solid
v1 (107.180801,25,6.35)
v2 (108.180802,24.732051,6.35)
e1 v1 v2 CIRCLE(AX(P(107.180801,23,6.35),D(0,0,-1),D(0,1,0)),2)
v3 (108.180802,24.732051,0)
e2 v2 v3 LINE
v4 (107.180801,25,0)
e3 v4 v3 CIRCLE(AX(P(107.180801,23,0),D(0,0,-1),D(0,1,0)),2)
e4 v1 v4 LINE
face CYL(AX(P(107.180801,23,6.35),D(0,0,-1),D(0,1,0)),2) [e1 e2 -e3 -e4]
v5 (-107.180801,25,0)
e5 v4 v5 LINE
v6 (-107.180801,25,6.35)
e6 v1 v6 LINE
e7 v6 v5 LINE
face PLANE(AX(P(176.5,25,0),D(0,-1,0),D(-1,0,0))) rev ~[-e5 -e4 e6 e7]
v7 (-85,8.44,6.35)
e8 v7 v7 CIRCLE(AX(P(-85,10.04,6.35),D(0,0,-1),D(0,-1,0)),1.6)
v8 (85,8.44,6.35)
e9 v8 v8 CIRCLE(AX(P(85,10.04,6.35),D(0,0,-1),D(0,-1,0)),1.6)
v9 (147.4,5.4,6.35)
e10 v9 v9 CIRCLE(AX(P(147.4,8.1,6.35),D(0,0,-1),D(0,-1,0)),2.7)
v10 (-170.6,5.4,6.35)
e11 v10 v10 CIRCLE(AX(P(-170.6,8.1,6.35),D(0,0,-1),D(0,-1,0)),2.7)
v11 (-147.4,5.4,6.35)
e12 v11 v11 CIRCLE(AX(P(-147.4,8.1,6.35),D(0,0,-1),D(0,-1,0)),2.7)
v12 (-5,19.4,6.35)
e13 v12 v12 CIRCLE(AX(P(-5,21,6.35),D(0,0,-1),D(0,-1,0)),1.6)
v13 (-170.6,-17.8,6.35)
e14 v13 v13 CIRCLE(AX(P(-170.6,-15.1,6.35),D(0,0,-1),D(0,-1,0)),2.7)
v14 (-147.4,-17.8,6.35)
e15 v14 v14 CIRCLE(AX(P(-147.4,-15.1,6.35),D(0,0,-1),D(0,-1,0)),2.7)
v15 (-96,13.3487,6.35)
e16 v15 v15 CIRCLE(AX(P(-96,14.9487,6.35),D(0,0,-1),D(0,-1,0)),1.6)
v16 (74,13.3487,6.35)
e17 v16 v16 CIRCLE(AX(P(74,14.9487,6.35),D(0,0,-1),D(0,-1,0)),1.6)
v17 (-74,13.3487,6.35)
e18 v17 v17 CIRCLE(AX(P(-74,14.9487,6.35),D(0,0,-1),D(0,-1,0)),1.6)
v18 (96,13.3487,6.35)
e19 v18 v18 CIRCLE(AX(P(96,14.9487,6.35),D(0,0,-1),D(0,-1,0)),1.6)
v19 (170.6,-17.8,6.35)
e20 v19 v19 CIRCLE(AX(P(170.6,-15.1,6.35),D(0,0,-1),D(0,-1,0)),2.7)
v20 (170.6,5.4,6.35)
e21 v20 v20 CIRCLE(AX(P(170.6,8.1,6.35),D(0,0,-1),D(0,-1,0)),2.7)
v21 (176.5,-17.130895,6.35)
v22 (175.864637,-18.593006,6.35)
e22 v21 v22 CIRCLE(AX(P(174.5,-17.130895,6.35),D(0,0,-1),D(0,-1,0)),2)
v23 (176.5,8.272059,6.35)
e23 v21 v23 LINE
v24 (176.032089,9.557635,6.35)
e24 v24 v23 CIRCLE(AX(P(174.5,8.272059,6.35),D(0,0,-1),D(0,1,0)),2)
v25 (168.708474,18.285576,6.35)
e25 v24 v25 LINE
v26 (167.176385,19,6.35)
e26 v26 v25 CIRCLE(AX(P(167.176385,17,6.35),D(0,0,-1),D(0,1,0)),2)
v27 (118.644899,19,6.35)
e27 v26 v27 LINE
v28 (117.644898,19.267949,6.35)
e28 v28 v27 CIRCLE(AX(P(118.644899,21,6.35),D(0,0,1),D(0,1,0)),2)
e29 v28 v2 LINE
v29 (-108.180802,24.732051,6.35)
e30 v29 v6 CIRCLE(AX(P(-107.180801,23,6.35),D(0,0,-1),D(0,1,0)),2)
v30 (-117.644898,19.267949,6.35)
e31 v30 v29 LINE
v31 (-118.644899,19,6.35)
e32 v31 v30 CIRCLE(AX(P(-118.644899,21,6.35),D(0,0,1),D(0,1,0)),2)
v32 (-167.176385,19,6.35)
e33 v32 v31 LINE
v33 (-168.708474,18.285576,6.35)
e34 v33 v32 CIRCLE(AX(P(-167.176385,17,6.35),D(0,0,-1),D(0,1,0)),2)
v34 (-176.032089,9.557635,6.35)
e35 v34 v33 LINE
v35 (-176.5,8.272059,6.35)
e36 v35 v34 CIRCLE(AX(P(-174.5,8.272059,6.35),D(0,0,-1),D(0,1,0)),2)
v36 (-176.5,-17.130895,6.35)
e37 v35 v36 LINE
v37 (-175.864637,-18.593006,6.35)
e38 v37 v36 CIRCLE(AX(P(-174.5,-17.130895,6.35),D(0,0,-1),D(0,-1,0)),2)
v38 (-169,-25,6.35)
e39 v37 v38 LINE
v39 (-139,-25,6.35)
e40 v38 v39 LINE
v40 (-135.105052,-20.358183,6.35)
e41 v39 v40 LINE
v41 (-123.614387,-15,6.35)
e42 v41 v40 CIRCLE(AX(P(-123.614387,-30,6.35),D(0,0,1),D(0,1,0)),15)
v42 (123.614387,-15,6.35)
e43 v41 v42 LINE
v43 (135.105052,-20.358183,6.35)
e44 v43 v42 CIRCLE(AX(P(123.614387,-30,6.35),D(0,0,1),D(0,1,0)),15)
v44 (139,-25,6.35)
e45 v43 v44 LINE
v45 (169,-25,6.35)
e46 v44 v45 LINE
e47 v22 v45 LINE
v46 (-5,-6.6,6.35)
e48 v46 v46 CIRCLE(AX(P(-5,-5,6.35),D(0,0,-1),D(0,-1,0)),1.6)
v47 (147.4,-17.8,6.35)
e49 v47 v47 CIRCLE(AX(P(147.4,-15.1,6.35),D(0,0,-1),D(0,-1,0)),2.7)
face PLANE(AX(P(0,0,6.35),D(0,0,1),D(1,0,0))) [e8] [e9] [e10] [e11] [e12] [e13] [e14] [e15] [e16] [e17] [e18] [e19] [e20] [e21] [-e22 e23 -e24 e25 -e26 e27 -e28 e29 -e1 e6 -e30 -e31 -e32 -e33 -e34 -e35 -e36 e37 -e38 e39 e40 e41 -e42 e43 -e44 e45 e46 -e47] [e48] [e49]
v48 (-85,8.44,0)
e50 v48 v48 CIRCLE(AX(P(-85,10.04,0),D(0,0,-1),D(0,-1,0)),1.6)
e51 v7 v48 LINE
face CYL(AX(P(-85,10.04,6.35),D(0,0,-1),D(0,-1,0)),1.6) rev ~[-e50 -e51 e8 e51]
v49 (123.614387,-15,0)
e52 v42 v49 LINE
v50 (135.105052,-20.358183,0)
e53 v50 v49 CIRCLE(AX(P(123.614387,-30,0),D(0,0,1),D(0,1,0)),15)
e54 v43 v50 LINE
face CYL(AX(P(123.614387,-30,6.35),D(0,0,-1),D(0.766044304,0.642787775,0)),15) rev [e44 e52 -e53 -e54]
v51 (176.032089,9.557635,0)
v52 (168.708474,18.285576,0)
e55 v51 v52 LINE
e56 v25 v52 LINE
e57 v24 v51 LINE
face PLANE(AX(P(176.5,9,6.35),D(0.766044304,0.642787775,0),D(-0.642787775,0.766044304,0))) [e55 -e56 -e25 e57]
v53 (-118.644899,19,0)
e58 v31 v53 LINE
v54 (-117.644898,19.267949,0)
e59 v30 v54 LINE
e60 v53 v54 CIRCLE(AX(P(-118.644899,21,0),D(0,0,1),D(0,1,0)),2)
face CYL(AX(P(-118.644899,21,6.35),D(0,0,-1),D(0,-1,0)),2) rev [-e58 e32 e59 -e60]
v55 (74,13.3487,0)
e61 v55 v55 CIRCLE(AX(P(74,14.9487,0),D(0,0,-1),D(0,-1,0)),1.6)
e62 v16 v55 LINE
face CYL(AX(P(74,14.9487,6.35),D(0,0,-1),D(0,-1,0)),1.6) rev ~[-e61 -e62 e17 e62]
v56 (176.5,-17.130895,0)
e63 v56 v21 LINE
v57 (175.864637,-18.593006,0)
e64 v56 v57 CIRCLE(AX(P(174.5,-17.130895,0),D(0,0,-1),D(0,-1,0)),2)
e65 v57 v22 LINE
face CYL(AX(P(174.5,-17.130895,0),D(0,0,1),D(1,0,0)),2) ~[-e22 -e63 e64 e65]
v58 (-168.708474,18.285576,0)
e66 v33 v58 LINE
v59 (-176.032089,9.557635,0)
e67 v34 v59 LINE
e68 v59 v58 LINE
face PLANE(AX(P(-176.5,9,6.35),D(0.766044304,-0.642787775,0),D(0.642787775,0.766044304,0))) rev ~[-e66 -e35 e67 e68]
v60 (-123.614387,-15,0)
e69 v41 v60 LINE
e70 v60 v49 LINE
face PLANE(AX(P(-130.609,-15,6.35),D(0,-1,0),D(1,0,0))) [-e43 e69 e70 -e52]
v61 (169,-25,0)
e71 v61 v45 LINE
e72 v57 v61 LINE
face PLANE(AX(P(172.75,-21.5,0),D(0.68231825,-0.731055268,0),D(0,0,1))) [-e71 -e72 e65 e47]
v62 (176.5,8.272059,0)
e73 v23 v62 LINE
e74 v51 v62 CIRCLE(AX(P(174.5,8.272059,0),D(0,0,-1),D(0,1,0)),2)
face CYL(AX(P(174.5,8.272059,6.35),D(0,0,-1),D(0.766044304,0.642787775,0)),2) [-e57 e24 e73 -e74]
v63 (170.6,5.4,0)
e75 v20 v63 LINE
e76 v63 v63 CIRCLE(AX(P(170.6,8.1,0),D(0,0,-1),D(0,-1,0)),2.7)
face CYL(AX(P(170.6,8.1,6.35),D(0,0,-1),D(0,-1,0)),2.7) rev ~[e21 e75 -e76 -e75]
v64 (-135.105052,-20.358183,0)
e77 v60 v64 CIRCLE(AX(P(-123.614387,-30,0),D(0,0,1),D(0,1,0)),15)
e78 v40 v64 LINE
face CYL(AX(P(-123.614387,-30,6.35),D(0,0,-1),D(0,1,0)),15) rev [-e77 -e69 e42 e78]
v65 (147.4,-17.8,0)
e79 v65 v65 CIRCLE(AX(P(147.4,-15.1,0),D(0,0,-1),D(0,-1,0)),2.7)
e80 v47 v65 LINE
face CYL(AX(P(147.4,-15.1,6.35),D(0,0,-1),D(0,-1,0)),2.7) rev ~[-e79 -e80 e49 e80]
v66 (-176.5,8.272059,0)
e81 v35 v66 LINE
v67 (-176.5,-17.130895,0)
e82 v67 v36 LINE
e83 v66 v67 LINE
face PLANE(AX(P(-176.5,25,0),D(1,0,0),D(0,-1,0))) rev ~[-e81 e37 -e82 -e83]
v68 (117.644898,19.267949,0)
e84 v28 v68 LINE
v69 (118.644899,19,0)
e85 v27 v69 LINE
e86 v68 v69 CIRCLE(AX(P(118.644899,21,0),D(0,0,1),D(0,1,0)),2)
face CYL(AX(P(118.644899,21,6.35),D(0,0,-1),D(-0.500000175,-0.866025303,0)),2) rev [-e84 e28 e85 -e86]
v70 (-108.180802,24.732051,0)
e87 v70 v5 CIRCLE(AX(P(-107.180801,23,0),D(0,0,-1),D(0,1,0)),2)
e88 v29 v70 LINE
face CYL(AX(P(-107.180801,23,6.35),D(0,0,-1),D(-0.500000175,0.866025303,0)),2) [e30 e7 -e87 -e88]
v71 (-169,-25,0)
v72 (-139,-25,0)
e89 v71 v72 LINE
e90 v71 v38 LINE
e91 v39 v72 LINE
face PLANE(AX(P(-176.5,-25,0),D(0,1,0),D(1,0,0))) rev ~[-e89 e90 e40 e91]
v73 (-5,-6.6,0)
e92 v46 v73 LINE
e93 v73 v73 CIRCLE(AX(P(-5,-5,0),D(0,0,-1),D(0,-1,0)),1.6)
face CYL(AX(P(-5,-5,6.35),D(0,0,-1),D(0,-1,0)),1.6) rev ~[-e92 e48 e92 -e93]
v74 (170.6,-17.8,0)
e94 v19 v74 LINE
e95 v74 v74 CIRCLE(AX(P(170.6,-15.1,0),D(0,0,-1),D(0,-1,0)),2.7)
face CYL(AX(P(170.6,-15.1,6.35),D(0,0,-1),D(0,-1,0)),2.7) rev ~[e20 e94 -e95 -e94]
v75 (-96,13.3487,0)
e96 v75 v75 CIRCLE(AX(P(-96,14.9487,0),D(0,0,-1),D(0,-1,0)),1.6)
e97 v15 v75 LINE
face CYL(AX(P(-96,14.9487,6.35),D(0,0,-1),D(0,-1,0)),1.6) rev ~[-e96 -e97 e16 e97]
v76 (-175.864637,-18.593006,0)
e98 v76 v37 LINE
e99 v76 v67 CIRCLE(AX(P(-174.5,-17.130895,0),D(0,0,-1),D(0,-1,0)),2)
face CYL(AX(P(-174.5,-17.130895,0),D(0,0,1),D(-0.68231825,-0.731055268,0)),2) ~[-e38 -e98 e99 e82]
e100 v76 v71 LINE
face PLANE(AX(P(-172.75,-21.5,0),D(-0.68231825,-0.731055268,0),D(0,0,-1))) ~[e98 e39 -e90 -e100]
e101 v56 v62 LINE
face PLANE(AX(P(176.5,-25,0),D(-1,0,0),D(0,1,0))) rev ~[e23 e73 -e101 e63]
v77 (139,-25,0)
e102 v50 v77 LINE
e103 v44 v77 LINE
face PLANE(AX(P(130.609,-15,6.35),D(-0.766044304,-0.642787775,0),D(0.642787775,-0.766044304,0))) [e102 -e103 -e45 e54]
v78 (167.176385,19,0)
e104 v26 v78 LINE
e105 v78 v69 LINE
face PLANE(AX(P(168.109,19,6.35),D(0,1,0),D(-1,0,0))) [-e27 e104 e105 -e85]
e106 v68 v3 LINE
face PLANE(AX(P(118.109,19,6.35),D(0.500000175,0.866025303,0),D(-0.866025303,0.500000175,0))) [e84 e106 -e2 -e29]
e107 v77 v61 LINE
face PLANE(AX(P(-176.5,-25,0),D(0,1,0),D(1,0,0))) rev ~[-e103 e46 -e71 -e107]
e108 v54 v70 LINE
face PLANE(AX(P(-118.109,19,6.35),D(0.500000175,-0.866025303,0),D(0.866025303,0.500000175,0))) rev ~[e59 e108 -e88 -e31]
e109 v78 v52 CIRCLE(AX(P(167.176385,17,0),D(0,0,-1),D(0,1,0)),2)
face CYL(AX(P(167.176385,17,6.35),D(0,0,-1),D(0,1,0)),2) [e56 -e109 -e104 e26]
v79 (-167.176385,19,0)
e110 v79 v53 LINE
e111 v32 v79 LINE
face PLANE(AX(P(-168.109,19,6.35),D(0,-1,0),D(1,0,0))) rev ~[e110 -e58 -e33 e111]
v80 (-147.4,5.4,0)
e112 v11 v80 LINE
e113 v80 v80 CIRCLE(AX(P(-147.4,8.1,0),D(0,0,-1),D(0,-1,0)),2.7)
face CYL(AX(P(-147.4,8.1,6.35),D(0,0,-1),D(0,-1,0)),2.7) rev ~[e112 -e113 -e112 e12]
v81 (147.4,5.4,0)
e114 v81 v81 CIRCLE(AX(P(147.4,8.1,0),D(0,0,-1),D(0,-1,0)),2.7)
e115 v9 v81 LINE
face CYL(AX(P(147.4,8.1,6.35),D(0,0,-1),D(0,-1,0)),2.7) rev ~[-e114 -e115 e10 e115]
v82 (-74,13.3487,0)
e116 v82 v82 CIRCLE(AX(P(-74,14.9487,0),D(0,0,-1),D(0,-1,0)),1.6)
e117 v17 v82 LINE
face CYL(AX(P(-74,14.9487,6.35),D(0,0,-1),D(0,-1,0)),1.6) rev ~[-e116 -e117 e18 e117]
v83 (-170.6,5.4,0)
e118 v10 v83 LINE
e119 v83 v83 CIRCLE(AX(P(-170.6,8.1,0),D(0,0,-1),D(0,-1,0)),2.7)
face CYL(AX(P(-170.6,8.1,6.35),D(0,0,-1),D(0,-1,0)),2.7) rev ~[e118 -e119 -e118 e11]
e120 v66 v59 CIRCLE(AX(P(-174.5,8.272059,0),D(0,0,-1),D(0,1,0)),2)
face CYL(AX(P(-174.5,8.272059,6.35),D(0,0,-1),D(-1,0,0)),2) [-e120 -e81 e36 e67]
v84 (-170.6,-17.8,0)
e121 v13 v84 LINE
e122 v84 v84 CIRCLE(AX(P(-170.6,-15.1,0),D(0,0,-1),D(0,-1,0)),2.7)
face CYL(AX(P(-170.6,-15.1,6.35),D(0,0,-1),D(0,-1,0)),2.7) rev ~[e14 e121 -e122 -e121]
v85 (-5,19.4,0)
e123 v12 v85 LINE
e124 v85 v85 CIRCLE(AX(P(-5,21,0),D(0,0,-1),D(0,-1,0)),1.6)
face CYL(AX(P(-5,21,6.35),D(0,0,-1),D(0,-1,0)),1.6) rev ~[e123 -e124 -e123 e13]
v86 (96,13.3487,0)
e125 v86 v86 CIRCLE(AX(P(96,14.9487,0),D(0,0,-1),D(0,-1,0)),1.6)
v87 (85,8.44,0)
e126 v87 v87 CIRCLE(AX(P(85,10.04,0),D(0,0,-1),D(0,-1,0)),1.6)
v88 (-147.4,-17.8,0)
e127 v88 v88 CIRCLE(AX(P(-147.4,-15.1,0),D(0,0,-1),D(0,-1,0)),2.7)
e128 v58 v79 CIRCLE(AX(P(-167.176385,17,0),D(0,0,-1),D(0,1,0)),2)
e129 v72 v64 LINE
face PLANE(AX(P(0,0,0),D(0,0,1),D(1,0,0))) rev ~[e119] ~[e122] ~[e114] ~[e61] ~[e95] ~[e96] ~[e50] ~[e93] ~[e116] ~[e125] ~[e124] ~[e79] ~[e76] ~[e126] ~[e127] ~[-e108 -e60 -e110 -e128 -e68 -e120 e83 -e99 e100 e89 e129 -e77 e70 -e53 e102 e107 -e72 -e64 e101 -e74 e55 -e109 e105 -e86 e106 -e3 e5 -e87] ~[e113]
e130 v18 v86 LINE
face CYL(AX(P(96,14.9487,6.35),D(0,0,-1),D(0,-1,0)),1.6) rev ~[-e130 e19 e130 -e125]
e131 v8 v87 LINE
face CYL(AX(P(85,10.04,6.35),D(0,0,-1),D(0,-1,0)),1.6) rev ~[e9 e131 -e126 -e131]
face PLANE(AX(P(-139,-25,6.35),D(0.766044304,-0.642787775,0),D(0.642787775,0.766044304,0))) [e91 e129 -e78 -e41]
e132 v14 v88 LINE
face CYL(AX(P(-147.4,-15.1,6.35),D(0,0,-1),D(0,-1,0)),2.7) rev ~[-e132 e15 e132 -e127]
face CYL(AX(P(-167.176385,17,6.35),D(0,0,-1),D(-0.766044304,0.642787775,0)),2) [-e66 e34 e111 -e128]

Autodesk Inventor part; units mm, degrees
ref_plane "YZ Plane" through (0, 0, 0) normal (1, 0, 0) x (0, 1, 0)
ref_plane "XZ Plane" through (0, 0, 0) normal (0, 1, 0) x (-1, 0, 0)
ref_plane "XY Plane" through (0, 0, 0) normal (0, 0, 1) x (1, 0, 0)
sketch "Sketch1" plane through (0, 0, 0) normal (0, 0, 1) x (1, 0, 0)
  line L0 (-176.5, -25) -> (176.5, -25)
  line L1 (176.5, -25) -> (176.5, 25)
  line L2 (176.5, 25) -> (-176.5, 25)
  line L3 (-176.5, 25) -> (-176.5, -25)
  line L4 (-176.5, -25) -> (176.5, 25) construction
  line L5 (176.5, -25) -> (-176.5, 25) construction
  point P0 (0, 0)
  dimension "d0" = 50
  dimension "d1" = 353
extrude "Extrusion1" add sketch "Sketch1" along normal blind 6.35
sketch "Sketch2" plane through (0, 0, 6.35) normal (0, 0, 1) x (1, 0, 0)
  line L0 (-176.5, -25) -> (176.5, -25) projected
  line L1 (-176.5, 25) -> (-176.5, -25) projected
  line L2 (0, 0) -> (0, -33.6266)
  point P0 (-147.4, -15.1)
  point P1 (147.4, -15.1)
  point P2 (-170.6, -15.1)
  point P3 (-147.4, 8.1)
  point P4 (-170.6, 8.1)
  point P5 (170.6, -15.1)
  point P6 (147.4, 8.1)
  point P7 (170.6, 8.1)
  dimension "d4" = 294.8
  dimension "d5" = 147.4
  dimension "d6" = 9.9
  dimension "d9" = 23.2
  dimension "d12" = 23.2
hole "Hole1" at (-147.4, -15.1, 6.35) at (147.4, -15.1, 6.35) at (-170.6, -15.1, 6.35) at (-147.4, 8.1, 6.35) at (-170.6, 8.1, 6.35) at (170.6, -15.1, 6.35) at (170.6, 8.1, 6.35) at (147.4, 8.1, 6.35) direction (0, 0, -1) diameter 5.4 end through all
chamfer "Chamfer1" distance 7 distance2 7.5 1 edges at (-176.5, -25, 3.175) measured on face at (-176.5, 8.3333, 2.1167)
chamfer "Chamfer2" distance 7 distance2 7.5 1 edges at (176.5, -25, 3.175) measured on face at (176.5, -8.3333, 4.2333)
sketch "Sketch3" plane through (0, 0, 6.35) normal (0, 0, 1) x (1, 0, 0)
  point P0 (0, 0)
sketch "Sketch4" plane through (0, 0, 6.35) normal (0, 0, 1) x (1, 0, 0)
  circle A0 centre (96, 14.9487) radius 1.6 projected
  circle A1 centre (85, 10.04) radius 1.6 projected
  circle A2 centre (74, 14.9487) radius 1.6 projected
  circle A3 centre (-74, 14.9487) radius 1.6 projected
  circle A4 centre (-85, 10.04) radius 1.6 projected
  circle A5 centre (-96, 14.9487) radius 1.6 projected
  point P0 (0, 0)
hole "Hole2" at (-96, 14.9487, 6.35) at (-85, 10.04, 6.35) at (-74, 14.9487, 6.35) at (74, 14.9487, 6.35) at (85, 10.04, 6.35) at (96, 14.9487, 6.35) direction (0, 0, -1) diameter 3.2 end through all
sketch "Sketch5" plane through (0, 0, 6.35) normal (0, 0, 1) x (1, 0, 0)
  circle A0 centre (-5, 21) radius 2.75 projected
  circle A1 centre (-5, -5) radius 2.75 projected
  point P0 (0, 0)
hole "Hole3" at (-5, 21, 6.35) at (-5, -5, 6.35) direction (0, 0, -1) diameter 3.2 end through all
sketch "Sketch6" plane through (0, 0, 6.35) normal (0, 0, 1) x (1, 0, 0)
  line L0 (-176.5, 9) -> (-168.109, 19)
  line L1 (-168.109, 19) -> (-118.109, 19)
  line L2 (-118.109, 19) -> (-107.7167, 25)
  line L3 (176.5, 25) -> (-176.5, 25) projected
  line L4 (-169, -25) -> (169, -25) projected
  line L5 (-139, -25) -> (-130.609, -15)
  line L6 (-130.609, -15) -> (130.609, -15)
  line L7 (130.609, -15) -> (139, -25)
  line L8 (0, 25) -> (0, 0) construction
  line L9 (-176.5, 25) -> (-176.5, -18) projected
  line L10 (176.5, 9) -> (168.109, 19)
  line L11 (168.109, 19) -> (118.109, 19)
  line L12 (118.109, 19) -> (107.7167, 25)
  line L13 (176.5, -18) -> (176.5, 25) projected
  dimension "d42" = 30
  dimension "d43" = 50
  dimension "d44" = 50
  dimension "d45" = 10
  dimension "d46" = 40
  dimension "d47" = 16
  dimension "d48" = 50
  dimension "d49" = 6
  dimension "d52" = 30
  dimension "d53" = 30
extrude "Extrusion2" cut sketch "Sketch6" against normal blind 10
fillet "Fillet1" radius 15 2 edges at (-130.609, -15, 3.175) (130.609, -15, 3.175)
fillet "Fillet1" radius 2 10 edges at (176.5, -18, 3.175) (176.5, 9, 3.175) (168.109, 19, 3.175) (118.109, 19, 3.175) (107.7167, 25, 3.175) (-118.109, 19, 3.175) (-107.7167, 25, 3.175) (-168.109, 19, 3.175) (-176.5, 9, 3.175) (-176.5, -18, 3.175)
properties part number "FRONT PLATE P1.2"
